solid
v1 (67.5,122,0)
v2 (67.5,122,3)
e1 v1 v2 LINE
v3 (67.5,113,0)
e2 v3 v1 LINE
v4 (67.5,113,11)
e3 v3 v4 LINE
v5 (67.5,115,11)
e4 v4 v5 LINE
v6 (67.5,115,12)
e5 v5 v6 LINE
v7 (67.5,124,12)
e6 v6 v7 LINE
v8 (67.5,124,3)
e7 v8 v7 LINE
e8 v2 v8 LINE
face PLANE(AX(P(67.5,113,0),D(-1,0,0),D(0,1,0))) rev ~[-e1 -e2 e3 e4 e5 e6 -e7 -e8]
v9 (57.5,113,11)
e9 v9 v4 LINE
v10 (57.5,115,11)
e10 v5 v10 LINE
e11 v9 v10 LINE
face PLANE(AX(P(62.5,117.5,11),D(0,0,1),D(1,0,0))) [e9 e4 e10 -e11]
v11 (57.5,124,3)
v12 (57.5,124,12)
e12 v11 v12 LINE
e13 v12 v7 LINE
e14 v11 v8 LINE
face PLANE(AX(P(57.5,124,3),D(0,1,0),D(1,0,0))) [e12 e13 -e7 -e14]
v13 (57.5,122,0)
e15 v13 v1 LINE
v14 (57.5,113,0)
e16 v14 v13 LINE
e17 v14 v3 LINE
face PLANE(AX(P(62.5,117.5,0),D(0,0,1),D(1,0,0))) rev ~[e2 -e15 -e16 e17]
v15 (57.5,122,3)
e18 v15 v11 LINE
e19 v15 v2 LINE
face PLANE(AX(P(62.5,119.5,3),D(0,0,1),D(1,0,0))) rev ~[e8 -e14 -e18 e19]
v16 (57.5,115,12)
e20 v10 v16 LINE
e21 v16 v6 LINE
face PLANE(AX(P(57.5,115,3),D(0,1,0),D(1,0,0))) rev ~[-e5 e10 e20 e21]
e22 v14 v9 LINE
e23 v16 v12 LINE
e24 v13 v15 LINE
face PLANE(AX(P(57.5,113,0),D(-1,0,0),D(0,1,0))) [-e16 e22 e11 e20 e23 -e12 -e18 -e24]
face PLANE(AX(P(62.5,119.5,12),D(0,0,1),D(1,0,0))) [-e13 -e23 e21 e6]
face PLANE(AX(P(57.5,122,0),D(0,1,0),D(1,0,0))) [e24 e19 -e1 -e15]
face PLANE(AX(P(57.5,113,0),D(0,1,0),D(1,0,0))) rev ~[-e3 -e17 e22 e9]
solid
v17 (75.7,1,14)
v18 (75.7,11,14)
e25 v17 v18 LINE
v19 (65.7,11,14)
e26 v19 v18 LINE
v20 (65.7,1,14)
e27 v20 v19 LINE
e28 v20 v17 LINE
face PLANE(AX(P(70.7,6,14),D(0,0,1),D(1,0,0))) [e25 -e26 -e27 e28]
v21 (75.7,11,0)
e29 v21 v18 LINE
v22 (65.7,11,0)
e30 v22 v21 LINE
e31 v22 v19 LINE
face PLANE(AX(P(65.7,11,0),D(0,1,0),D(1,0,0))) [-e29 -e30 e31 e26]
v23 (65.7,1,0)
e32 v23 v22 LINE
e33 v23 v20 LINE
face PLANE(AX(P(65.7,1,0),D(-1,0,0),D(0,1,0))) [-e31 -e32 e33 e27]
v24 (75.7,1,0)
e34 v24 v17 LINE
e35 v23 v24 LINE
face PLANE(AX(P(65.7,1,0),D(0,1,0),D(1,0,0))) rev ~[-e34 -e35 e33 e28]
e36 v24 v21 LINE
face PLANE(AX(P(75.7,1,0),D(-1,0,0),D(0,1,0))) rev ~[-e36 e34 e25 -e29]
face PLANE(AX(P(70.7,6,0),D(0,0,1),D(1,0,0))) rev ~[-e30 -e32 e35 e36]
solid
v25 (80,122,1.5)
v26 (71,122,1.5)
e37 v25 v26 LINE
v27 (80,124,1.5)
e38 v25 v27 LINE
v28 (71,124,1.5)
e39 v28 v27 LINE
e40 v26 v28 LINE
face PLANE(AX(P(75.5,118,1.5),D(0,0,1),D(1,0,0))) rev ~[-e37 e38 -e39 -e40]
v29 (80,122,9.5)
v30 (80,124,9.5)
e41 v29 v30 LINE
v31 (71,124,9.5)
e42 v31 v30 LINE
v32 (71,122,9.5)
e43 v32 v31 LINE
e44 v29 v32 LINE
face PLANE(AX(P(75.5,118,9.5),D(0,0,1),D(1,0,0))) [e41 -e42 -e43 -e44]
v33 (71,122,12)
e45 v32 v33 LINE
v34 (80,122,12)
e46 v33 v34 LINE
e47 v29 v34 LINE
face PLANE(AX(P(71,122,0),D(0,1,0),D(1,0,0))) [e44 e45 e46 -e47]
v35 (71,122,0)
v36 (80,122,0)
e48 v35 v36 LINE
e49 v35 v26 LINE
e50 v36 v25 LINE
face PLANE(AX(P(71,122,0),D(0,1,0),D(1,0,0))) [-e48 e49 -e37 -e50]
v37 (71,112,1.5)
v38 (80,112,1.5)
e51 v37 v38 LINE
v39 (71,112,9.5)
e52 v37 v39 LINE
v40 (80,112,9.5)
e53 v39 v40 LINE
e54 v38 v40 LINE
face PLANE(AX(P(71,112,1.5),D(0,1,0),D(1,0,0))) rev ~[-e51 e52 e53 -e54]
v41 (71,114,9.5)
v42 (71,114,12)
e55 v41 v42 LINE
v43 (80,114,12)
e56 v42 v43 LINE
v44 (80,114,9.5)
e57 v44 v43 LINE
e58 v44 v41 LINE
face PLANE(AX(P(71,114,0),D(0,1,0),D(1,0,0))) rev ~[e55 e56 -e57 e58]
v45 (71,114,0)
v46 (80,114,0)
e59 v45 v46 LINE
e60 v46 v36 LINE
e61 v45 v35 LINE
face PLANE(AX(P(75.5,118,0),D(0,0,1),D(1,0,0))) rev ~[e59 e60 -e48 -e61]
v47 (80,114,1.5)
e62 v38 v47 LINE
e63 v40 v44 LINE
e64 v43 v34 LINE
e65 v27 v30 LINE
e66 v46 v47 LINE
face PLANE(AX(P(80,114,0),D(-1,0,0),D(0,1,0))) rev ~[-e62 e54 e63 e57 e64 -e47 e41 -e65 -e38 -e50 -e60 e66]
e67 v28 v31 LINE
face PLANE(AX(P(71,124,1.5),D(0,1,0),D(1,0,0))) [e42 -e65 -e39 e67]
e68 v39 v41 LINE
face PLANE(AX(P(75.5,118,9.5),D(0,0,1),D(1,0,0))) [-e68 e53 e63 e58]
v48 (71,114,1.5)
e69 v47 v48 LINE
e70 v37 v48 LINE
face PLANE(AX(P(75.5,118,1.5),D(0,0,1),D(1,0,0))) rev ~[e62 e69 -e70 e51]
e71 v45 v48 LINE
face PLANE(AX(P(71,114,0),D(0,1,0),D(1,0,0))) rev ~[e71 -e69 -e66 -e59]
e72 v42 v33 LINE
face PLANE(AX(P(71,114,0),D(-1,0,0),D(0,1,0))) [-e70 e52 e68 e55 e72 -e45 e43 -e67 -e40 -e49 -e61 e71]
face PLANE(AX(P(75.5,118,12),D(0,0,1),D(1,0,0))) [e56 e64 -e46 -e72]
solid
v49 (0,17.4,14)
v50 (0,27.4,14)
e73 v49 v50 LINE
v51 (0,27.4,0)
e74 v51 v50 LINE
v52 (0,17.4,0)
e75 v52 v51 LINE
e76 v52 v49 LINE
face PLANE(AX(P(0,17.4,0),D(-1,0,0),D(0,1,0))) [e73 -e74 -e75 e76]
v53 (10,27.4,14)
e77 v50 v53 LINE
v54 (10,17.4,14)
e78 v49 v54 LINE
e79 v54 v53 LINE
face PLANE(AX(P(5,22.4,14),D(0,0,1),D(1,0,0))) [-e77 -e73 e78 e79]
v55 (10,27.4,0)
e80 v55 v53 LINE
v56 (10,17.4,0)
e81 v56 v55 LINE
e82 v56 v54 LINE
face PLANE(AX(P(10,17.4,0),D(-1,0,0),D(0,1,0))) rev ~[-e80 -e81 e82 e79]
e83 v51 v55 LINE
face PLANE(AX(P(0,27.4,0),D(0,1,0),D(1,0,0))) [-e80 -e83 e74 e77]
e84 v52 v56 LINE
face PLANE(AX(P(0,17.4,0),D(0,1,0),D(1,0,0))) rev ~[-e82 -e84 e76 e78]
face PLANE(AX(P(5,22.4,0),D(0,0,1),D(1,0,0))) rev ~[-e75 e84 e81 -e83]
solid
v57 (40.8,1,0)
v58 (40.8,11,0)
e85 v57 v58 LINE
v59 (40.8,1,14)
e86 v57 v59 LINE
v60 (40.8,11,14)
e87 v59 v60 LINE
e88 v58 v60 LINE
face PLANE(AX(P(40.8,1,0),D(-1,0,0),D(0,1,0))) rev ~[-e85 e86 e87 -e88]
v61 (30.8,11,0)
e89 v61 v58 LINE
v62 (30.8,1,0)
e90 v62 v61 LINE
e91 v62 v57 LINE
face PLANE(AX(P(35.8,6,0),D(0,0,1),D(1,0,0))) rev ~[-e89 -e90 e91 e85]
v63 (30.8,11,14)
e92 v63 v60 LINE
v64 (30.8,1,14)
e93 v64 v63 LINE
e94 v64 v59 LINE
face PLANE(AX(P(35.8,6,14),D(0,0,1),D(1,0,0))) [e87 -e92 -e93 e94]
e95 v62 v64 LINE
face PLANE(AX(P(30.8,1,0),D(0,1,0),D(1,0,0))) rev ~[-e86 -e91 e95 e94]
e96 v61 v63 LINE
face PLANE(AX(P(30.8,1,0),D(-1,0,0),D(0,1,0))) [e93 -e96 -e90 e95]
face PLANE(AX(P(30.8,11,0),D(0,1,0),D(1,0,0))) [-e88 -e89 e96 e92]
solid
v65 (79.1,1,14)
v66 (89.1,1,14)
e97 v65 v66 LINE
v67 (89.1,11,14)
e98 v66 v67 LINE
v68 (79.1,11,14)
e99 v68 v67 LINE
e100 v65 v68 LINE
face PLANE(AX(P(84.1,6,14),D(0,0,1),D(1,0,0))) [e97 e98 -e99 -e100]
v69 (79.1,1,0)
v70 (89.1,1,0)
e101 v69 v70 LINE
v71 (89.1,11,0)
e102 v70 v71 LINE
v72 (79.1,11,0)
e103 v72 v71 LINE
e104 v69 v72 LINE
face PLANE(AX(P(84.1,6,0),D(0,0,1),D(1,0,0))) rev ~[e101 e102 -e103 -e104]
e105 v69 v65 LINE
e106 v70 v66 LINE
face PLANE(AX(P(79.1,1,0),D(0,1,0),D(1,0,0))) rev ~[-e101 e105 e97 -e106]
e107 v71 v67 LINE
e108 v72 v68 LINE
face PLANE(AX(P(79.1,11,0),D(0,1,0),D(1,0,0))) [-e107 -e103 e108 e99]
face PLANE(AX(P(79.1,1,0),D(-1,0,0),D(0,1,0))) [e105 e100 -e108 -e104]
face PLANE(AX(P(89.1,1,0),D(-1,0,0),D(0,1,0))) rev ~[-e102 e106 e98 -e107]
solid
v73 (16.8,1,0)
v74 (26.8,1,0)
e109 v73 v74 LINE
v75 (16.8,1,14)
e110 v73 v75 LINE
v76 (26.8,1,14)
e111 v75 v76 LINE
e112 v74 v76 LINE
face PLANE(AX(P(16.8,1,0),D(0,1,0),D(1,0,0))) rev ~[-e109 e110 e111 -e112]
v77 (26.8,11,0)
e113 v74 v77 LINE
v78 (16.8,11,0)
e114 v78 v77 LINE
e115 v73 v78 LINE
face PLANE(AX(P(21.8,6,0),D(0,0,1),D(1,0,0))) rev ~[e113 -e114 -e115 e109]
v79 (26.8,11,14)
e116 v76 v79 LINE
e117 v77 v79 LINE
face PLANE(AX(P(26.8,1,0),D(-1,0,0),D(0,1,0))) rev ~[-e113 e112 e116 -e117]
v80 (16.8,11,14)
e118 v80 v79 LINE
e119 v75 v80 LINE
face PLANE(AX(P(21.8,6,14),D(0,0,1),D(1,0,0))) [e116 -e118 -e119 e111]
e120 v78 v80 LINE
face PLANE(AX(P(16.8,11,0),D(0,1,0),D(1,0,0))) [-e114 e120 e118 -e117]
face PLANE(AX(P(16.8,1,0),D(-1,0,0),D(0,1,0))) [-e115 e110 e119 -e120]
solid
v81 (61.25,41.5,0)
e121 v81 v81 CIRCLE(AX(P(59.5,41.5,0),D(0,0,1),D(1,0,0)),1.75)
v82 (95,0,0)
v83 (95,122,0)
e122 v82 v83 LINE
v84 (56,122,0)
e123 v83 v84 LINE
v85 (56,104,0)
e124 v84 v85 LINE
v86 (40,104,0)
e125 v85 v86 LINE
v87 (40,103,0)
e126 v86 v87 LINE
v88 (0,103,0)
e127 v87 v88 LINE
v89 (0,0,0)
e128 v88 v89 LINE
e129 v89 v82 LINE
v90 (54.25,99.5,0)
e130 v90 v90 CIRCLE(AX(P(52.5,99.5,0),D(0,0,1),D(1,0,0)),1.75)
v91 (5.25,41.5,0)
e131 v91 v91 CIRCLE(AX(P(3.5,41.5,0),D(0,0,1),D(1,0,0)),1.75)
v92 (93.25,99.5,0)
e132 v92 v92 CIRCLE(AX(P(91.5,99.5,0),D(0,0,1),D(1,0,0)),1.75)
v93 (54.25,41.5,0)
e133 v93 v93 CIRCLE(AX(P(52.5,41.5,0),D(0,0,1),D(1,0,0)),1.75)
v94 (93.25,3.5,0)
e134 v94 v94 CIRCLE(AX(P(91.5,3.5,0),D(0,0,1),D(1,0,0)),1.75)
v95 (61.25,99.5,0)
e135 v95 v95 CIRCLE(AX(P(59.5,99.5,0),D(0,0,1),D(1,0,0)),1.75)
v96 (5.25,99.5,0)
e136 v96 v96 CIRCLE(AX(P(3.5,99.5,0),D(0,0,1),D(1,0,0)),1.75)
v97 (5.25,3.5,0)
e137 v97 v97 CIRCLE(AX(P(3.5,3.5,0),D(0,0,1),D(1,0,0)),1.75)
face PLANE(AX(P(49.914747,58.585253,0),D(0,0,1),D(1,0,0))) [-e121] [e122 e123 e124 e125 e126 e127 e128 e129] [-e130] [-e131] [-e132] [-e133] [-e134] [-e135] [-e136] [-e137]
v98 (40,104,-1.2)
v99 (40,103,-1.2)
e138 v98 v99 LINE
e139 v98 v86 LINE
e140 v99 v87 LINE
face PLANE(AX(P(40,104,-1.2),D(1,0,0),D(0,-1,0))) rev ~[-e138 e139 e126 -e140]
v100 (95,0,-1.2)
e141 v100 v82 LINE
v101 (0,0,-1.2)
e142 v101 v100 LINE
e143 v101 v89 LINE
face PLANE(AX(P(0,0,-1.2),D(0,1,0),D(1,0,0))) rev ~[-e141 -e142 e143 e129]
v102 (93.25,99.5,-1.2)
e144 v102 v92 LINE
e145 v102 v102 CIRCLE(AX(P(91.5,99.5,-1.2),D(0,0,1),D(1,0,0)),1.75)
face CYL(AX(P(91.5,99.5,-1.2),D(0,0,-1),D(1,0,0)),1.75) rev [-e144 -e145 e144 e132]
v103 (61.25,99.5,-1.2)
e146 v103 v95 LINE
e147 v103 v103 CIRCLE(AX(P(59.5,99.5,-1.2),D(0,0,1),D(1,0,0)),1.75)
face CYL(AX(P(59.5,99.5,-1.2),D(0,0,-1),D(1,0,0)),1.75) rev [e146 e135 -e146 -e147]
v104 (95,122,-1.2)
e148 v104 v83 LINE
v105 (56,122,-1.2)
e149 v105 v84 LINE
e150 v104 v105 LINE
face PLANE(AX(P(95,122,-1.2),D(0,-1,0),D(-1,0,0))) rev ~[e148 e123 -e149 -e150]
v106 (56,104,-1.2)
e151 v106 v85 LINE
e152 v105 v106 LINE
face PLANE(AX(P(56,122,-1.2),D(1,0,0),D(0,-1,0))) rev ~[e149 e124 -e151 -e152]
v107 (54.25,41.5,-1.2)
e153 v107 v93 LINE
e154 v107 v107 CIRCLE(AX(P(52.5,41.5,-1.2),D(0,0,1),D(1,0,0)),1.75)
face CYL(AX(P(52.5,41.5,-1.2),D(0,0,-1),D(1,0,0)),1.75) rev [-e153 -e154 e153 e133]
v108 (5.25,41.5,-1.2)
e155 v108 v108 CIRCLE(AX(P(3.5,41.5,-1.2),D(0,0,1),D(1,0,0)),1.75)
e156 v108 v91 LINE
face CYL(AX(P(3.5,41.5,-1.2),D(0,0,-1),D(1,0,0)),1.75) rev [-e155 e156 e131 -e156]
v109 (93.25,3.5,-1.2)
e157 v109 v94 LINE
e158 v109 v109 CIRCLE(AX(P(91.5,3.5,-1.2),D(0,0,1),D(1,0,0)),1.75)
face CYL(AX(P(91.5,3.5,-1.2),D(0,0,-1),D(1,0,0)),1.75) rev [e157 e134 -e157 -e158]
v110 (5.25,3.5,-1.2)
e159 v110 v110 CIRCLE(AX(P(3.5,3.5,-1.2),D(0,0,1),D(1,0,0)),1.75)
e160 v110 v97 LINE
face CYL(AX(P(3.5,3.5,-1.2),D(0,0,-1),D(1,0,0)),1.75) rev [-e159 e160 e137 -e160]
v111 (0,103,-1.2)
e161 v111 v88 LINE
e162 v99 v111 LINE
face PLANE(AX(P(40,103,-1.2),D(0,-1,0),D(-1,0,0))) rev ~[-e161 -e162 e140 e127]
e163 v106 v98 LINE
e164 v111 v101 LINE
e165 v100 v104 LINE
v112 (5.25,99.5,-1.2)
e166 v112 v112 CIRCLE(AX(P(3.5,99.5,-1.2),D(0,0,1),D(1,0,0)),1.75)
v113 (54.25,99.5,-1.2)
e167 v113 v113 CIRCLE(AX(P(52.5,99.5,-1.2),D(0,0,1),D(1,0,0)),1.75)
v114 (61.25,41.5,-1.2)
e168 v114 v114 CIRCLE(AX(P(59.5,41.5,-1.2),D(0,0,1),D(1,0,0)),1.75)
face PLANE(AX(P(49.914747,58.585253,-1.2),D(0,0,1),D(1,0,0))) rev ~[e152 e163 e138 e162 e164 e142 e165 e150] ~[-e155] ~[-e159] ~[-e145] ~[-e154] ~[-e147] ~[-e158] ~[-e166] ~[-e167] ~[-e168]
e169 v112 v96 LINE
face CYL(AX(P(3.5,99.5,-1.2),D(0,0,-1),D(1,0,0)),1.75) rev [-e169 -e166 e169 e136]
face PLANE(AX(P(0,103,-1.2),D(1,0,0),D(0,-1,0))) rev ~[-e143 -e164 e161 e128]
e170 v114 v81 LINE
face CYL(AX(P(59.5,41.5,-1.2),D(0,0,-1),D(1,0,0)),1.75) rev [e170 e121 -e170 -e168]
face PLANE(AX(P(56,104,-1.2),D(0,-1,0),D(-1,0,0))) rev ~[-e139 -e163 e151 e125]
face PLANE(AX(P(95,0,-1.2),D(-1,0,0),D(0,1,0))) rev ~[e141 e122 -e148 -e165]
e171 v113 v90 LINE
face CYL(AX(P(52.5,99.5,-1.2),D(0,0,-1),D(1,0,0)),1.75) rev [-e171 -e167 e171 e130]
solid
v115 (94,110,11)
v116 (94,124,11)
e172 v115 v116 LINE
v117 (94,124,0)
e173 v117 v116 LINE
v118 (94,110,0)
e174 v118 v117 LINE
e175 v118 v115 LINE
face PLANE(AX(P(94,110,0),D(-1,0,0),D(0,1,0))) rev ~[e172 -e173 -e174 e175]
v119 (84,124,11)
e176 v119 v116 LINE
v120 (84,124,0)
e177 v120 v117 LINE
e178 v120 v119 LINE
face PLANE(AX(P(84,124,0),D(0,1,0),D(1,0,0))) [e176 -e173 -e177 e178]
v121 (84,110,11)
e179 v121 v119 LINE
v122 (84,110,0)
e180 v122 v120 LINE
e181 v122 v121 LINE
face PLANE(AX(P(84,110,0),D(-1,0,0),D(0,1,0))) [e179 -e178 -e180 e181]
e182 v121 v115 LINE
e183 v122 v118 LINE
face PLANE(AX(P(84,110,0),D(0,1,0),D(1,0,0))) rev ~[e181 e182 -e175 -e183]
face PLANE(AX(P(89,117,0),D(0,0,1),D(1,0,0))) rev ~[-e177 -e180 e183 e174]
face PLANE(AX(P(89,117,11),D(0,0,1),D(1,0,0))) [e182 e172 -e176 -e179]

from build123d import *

# Parameters (mm, degrees)
SKETCH_R     = 1.75
PAD_DEPTH    = 1.2
BOX_W        = 10
BOX_H        = 10
BOX_DEPTH    = 14
BOX001_W     = 10
BOX001_H     = 10
BOX001_DEPTH = 14
BOX002_W     = 10
BOX002_H     = 10
BOX002_DEPTH = 14
BOX003_W     = 10
BOX003_H     = 10
BOX003_DEPTH = 14
BOX004_W     = 10
BOX004_H     = 10
BOX004_DEPTH = 14
BOX005_W     = 10
BOX005_H     = 14
BOX005_DEPTH = 11
BOX007_W     = 9
BOX007_H     = 8
BOX007_DEPTH = 12
BOX006_W     = 9
BOX006_H     = 12
BOX006_DEPTH = 8
BOX009_W     = 10
BOX009_H     = 9
BOX009_DEPTH = 9
BOX008_W     = 10
BOX008_H     = 9
BOX008_DEPTH = 11


with BuildPart() as pad:
    # Sketch → Pad (new body)
    with BuildSketch(Plane.XY.offset(-1.2)):
        Polygon((0, 0), (95, 0), (95, 122), (56, 122), (56, 104), (40, 104), (40, 103), (0, 103), align=None)
        with Locations((3.5, 99.5)):
            Circle(SKETCH_R, mode=Mode.SUBTRACT)
        with Locations((3.5, 3.5)):
            Circle(SKETCH_R, mode=Mode.SUBTRACT)
        with Locations((91.5, 3.5)):
            Circle(SKETCH_R, mode=Mode.SUBTRACT)
        with Locations((52.5, 99.5)):
            Circle(SKETCH_R, mode=Mode.SUBTRACT)
        with Locations((59.5, 99.5)):
            Circle(SKETCH_R, mode=Mode.SUBTRACT)
        with Locations((91.5, 99.5)):
            Circle(SKETCH_R, mode=Mode.SUBTRACT)
        with Locations((3.5, 41.5)):
            Circle(SKETCH_R, mode=Mode.SUBTRACT)
        with Locations((52.5, 41.5)):
            Circle(SKETCH_R, mode=Mode.SUBTRACT)
        with Locations((59.5, 41.5)):
            Circle(SKETCH_R, mode=Mode.SUBTRACT)
    extrude(amount=PAD_DEPTH)


with BuildPart() as speaker1:
    # Box → Box (new body)
    with BuildSketch(Plane(origin=(16.8, 1, 0), x_dir=(1, 0, 0), z_dir=(0, 0, 1))):
        with Locations((5, 5)):
            Rectangle(BOX_W, BOX_H)
    extrude(amount=BOX_DEPTH)


with BuildPart() as speaker2:
    # Box001 → Box001 (new body)
    with BuildSketch(Plane(origin=(30.8, 1, 0), x_dir=(1, 0, 0), z_dir=(0, 0, 1))):
        with Locations((5, 5)):
            Rectangle(BOX001_W, BOX001_H)
    extrude(amount=BOX001_DEPTH)


with BuildPart() as speaker3:
    # Box002 → Box002 (new body)
    with BuildSketch(Plane(origin=(65.7, 1, 0), x_dir=(1, 0, 0), z_dir=(0, 0, 1))):
        with Locations((5, 5)):
            Rectangle(BOX002_W, BOX002_H)
    extrude(amount=BOX002_DEPTH)


with BuildPart() as speaker4:
    # Box003 → Box003 (new body)
    with BuildSketch(Plane(origin=(79.1, 1, 0), x_dir=(1, 0, 0), z_dir=(0, 0, 1))):
        with Locations((5, 5)):
            Rectangle(BOX003_W, BOX003_H)
    extrude(amount=BOX003_DEPTH)


with BuildPart() as power2:
    # Box004 → Box004 (new body)
    with BuildSketch(Plane(origin=(0, 17.4, 0), x_dir=(1, 0, 0), z_dir=(0, 0, 1))):
        with Locations((5, 5)):
            Rectangle(BOX004_W, BOX004_H)
    extrude(amount=BOX004_DEPTH)


with BuildPart() as power:
    # Box005 → Box005 (new body)
    with BuildSketch(Plane(origin=(84, 110, 0), x_dir=(1, 0, 0), z_dir=(0, 0, 1))):
        with Locations((5, 7)):
            Rectangle(BOX005_W, BOX005_H)
    extrude(amount=BOX005_DEPTH)


with BuildPart() as w_rfel007:
    # Box007 → Box007 (new body)
    with BuildSketch(Plane(origin=(0, 2, 0), x_dir=(1, 0, 0), z_dir=(0, 0, 1))):
        with Locations((4.5, 4)):
            Rectangle(BOX007_W, BOX007_H)
    extrude(amount=BOX007_DEPTH)


with BuildPart() as spdif2:
    # Box006 → Box006 (new body)
    with BuildSketch(Plane.XY.offset(1.5)):
        with Locations((4.5, 6)):
            Rectangle(BOX006_W, BOX006_H)
    extrude(amount=BOX006_DEPTH)

    # Fusion: union Würfel007
    add(w_rfel007.part)


with BuildPart() as spdif2_1:
    # Fusion placement: moved
    add(spdif2.part.moved(Location((71, 112, 0))))


with BuildPart() as w_rfel009:
    # Box009 → Box009 (new body)
    with BuildSketch(Plane(origin=(0, 2, 3), x_dir=(1, 0, 0), z_dir=(0, 0, 1))):
        with Locations((5, 4.5)):
            Rectangle(BOX009_W, BOX009_H)
    extrude(amount=BOX009_DEPTH)


with BuildPart() as spdif1:
    # Box008 → Box008 (new body)
    with BuildSketch(Plane.XY):
        with Locations((5, 4.5)):
            Rectangle(BOX008_W, BOX008_H)
    extrude(amount=BOX008_DEPTH)

    # Fusion001: union Würfel009
    add(w_rfel009.part)


with BuildPart() as spdif1_1:
    # Fusion001 placement: moved
    add(spdif1.part.moved(Location((57.5, 113, 0))))


solid = Compound([pad.part, speaker1.part, speaker2.part, speaker3.part, speaker4.part, power2.part, power.part, spdif2_1.part, spdif1_1.part])
